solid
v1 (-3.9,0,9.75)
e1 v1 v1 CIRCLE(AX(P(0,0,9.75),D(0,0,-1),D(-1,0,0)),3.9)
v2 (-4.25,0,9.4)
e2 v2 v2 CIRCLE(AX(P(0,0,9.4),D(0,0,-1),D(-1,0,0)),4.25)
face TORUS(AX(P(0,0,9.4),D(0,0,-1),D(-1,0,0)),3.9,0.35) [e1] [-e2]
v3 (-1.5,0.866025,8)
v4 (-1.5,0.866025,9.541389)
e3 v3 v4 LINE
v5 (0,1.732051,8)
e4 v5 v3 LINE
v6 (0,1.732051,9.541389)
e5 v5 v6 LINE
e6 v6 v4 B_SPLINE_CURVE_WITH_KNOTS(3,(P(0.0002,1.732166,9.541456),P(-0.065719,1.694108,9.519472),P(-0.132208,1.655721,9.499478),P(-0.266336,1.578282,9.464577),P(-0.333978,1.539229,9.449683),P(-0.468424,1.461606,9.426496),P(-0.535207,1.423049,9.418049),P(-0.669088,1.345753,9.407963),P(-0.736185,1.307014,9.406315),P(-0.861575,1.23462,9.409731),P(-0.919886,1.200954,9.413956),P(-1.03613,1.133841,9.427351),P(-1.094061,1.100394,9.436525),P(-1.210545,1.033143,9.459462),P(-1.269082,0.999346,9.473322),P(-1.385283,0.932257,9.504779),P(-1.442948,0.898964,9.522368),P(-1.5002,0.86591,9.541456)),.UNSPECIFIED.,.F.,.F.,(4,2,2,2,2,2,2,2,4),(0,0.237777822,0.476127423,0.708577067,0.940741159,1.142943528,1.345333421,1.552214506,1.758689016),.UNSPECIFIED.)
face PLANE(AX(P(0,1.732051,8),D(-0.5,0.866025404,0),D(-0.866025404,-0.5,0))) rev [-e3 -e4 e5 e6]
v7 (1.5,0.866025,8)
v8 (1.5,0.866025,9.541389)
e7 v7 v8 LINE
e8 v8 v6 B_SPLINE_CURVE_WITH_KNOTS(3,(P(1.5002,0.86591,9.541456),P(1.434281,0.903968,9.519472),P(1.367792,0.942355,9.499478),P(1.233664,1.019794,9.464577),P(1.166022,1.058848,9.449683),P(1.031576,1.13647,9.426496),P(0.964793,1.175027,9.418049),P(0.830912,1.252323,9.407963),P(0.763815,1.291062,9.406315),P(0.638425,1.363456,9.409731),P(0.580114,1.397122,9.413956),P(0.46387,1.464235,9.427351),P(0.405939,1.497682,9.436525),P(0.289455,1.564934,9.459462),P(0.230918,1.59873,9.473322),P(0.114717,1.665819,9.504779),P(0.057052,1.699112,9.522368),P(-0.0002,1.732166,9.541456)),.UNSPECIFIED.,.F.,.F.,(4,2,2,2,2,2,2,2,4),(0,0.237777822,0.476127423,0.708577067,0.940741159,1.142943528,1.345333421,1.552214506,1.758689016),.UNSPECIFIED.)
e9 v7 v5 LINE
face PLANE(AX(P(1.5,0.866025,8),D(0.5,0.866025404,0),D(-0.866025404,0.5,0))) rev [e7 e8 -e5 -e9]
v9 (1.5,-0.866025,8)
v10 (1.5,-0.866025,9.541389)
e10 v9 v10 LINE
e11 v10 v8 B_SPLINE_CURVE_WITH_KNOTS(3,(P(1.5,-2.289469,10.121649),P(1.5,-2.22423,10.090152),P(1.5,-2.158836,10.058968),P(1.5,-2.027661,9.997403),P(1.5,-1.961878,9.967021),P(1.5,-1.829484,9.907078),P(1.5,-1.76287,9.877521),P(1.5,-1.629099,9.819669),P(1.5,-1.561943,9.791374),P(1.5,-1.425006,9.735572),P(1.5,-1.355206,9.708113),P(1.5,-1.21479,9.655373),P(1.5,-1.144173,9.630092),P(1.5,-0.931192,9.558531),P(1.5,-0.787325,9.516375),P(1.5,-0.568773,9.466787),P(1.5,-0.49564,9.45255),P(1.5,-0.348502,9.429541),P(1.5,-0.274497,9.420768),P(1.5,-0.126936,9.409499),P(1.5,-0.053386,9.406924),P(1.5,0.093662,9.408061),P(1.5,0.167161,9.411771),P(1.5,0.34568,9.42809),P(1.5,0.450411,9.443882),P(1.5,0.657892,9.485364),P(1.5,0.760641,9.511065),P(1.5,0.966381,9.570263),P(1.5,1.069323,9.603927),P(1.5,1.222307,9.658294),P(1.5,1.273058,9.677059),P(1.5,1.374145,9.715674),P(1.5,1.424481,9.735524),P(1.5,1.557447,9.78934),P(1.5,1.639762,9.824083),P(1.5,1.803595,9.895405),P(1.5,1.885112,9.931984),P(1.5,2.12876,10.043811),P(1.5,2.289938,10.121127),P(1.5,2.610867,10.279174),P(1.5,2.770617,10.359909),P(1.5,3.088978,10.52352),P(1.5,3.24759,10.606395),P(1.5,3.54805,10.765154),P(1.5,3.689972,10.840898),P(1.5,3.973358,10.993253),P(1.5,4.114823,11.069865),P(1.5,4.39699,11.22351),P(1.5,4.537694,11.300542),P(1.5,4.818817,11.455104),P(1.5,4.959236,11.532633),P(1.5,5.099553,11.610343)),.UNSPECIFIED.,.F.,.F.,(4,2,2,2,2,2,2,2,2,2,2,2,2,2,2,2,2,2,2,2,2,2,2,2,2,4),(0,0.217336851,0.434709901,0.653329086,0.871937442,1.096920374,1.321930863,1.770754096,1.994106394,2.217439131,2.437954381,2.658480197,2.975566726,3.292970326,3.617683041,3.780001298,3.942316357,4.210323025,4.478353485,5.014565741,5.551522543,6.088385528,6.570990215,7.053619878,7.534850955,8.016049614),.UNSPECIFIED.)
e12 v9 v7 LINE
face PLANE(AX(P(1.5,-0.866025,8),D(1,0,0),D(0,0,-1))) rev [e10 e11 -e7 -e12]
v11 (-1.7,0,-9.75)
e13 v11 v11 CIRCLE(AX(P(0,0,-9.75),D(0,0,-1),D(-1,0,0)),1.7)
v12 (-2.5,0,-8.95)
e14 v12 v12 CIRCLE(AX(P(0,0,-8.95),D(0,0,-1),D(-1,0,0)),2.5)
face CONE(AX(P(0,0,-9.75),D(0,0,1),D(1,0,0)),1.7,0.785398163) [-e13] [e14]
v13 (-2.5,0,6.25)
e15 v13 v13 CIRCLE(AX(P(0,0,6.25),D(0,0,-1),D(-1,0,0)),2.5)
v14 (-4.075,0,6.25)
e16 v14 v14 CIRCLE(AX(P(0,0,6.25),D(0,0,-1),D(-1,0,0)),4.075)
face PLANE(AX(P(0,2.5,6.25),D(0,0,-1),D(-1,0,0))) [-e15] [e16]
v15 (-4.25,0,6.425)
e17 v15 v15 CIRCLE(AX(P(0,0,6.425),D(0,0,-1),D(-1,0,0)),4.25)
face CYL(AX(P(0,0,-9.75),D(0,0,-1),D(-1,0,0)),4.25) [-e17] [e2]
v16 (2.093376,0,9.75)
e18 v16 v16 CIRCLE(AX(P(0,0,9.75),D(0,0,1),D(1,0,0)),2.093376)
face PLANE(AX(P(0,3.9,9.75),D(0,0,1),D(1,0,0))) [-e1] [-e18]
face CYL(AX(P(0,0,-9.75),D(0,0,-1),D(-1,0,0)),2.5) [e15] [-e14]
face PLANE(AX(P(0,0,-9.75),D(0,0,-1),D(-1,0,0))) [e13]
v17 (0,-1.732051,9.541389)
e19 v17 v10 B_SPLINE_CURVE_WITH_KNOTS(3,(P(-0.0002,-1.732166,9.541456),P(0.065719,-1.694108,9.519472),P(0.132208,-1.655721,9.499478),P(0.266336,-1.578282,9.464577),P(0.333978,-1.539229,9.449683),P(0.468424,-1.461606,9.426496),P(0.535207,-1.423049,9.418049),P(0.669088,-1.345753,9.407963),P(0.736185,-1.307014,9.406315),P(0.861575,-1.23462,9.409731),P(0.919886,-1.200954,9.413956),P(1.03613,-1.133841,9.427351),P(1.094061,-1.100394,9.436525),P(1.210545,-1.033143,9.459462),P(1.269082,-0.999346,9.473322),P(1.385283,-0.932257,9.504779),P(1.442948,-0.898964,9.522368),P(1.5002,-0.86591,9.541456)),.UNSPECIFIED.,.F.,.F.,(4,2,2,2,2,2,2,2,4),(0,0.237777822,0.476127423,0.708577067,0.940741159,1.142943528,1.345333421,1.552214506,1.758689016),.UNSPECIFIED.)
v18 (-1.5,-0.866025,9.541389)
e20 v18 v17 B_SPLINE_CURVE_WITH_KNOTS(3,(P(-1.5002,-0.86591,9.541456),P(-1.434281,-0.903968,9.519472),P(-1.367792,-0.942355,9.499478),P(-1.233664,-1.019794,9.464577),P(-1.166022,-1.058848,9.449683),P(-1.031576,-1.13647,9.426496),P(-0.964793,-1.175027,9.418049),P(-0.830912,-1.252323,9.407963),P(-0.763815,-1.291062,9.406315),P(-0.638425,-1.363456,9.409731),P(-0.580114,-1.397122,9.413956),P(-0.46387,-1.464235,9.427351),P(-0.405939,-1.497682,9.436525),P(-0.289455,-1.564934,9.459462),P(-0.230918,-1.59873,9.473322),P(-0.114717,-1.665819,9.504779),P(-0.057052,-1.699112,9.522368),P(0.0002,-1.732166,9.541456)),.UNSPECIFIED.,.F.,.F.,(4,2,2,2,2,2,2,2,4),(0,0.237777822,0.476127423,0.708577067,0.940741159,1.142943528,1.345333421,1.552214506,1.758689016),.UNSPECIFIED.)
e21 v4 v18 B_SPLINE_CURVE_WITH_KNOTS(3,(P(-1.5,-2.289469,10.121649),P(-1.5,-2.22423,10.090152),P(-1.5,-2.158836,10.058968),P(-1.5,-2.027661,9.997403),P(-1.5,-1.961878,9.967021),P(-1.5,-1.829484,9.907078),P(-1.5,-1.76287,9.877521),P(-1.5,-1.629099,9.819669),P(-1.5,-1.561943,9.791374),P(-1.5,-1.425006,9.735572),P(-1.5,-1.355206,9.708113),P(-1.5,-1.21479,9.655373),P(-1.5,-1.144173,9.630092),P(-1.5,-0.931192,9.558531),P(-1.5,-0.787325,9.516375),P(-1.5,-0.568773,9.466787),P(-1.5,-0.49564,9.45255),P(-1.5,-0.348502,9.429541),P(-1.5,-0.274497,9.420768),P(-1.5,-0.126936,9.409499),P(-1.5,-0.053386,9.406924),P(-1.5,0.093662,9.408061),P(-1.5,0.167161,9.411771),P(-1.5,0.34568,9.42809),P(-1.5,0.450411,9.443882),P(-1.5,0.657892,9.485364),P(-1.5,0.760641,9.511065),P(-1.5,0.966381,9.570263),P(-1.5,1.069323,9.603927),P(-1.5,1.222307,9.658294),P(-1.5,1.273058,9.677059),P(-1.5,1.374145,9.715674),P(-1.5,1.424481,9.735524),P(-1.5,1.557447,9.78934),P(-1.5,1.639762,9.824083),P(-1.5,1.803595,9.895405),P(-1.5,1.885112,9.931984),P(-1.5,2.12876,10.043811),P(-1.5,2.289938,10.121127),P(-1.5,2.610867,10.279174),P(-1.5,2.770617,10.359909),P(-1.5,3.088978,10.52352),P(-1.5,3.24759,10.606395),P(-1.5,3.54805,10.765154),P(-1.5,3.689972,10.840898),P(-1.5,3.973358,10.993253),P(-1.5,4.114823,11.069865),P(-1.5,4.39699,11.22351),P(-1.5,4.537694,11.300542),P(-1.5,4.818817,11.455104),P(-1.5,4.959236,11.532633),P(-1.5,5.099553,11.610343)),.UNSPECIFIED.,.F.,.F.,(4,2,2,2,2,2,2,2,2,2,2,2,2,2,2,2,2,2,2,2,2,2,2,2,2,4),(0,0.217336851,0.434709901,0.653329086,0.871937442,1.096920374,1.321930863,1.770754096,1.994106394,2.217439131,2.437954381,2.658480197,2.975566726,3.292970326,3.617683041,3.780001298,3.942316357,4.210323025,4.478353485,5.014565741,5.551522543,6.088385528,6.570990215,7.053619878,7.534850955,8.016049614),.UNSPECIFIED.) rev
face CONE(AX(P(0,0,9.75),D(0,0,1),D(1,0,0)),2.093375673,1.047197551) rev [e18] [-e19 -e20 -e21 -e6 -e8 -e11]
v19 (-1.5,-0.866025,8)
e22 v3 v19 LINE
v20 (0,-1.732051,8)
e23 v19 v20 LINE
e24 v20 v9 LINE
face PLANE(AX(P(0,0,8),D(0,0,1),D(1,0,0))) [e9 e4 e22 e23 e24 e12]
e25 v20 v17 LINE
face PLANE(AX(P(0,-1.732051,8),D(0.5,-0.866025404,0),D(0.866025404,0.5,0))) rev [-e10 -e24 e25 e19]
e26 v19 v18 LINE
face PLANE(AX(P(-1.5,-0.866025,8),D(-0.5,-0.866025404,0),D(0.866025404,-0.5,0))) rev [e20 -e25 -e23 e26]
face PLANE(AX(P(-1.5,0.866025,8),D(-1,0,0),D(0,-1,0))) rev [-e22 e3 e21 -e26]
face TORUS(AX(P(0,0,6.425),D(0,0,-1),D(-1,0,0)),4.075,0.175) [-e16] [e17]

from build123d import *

# Parameters (mm, degrees)
CUT_EXTRUDE1_START = 9.75
CUT_EXTRUDE1_DEPTH = 1.75


with BuildPart() as part:
    # Sketch2 → Revolve1 (revolve)
    with BuildSketch(Plane(origin=(0, 0, 0), x_dir=(0, 0, -1), z_dir=(1, 0, 0)), mode=Mode.PRIVATE) as revolve1_sk:
        with BuildLine():
            Line((9.75, 0), (9.75, 1.7))
            Line((9.75, 1.7), (8.95, 2.5))
            Line((8.95, 2.5), (-6.25, 2.5))
            Line((-6.25, 2.5), (-6.25, 4.075))
            ThreePointArc((-6.25, 4.075), (-6.301256313, 4.198743687), (-6.425, 4.25))
            Line((-6.425, 4.25), (-9.4, 4.25))
            ThreePointArc((-9.4, 4.25), (-9.647487373, 4.147487373), (-9.75, 3.9))
            Line((-9.75, 3.9), (-9.75, 0))
            Line((-9.75, 0), (9.75, 0))
        make_face()
    revolve(revolve1_sk.sketch.rotate(Axis((0, 0, -9.75), (0, 0, 1)), 90), axis=Axis((0, 0, -9.75), (0, 0, 1)))

    # Sketch3 → Cut-Extrude1 (cut)
    with BuildSketch(Plane.XY.offset(CUT_EXTRUDE1_START)):
        Polygon((-1.5, 0.866025404), (-1.5, -0.866025404), (0, -1.732050808), (1.5, -0.866025404), (1.5, 0.866025404), (0, 1.732050808), align=None)
    extrude(amount=-CUT_EXTRUDE1_DEPTH, mode=Mode.SUBTRACT)

    # Cut-Extrude2 cone 1 section (through the dimple's axis) → Cut-Extrude2 (revolve, cut)
    with BuildSketch(Plane(origin=(0, 0, 9.75), x_dir=(0, -1, 0), z_dir=(1, 0, 0))):
        Polygon((0, 0), (2.093375673, 0), (0, 1.208611008), align=None)
    revolve(axis=Axis((0, 0, 9.75), (0, 0, -1)), mode=Mode.SUBTRACT)


solid = part.part
